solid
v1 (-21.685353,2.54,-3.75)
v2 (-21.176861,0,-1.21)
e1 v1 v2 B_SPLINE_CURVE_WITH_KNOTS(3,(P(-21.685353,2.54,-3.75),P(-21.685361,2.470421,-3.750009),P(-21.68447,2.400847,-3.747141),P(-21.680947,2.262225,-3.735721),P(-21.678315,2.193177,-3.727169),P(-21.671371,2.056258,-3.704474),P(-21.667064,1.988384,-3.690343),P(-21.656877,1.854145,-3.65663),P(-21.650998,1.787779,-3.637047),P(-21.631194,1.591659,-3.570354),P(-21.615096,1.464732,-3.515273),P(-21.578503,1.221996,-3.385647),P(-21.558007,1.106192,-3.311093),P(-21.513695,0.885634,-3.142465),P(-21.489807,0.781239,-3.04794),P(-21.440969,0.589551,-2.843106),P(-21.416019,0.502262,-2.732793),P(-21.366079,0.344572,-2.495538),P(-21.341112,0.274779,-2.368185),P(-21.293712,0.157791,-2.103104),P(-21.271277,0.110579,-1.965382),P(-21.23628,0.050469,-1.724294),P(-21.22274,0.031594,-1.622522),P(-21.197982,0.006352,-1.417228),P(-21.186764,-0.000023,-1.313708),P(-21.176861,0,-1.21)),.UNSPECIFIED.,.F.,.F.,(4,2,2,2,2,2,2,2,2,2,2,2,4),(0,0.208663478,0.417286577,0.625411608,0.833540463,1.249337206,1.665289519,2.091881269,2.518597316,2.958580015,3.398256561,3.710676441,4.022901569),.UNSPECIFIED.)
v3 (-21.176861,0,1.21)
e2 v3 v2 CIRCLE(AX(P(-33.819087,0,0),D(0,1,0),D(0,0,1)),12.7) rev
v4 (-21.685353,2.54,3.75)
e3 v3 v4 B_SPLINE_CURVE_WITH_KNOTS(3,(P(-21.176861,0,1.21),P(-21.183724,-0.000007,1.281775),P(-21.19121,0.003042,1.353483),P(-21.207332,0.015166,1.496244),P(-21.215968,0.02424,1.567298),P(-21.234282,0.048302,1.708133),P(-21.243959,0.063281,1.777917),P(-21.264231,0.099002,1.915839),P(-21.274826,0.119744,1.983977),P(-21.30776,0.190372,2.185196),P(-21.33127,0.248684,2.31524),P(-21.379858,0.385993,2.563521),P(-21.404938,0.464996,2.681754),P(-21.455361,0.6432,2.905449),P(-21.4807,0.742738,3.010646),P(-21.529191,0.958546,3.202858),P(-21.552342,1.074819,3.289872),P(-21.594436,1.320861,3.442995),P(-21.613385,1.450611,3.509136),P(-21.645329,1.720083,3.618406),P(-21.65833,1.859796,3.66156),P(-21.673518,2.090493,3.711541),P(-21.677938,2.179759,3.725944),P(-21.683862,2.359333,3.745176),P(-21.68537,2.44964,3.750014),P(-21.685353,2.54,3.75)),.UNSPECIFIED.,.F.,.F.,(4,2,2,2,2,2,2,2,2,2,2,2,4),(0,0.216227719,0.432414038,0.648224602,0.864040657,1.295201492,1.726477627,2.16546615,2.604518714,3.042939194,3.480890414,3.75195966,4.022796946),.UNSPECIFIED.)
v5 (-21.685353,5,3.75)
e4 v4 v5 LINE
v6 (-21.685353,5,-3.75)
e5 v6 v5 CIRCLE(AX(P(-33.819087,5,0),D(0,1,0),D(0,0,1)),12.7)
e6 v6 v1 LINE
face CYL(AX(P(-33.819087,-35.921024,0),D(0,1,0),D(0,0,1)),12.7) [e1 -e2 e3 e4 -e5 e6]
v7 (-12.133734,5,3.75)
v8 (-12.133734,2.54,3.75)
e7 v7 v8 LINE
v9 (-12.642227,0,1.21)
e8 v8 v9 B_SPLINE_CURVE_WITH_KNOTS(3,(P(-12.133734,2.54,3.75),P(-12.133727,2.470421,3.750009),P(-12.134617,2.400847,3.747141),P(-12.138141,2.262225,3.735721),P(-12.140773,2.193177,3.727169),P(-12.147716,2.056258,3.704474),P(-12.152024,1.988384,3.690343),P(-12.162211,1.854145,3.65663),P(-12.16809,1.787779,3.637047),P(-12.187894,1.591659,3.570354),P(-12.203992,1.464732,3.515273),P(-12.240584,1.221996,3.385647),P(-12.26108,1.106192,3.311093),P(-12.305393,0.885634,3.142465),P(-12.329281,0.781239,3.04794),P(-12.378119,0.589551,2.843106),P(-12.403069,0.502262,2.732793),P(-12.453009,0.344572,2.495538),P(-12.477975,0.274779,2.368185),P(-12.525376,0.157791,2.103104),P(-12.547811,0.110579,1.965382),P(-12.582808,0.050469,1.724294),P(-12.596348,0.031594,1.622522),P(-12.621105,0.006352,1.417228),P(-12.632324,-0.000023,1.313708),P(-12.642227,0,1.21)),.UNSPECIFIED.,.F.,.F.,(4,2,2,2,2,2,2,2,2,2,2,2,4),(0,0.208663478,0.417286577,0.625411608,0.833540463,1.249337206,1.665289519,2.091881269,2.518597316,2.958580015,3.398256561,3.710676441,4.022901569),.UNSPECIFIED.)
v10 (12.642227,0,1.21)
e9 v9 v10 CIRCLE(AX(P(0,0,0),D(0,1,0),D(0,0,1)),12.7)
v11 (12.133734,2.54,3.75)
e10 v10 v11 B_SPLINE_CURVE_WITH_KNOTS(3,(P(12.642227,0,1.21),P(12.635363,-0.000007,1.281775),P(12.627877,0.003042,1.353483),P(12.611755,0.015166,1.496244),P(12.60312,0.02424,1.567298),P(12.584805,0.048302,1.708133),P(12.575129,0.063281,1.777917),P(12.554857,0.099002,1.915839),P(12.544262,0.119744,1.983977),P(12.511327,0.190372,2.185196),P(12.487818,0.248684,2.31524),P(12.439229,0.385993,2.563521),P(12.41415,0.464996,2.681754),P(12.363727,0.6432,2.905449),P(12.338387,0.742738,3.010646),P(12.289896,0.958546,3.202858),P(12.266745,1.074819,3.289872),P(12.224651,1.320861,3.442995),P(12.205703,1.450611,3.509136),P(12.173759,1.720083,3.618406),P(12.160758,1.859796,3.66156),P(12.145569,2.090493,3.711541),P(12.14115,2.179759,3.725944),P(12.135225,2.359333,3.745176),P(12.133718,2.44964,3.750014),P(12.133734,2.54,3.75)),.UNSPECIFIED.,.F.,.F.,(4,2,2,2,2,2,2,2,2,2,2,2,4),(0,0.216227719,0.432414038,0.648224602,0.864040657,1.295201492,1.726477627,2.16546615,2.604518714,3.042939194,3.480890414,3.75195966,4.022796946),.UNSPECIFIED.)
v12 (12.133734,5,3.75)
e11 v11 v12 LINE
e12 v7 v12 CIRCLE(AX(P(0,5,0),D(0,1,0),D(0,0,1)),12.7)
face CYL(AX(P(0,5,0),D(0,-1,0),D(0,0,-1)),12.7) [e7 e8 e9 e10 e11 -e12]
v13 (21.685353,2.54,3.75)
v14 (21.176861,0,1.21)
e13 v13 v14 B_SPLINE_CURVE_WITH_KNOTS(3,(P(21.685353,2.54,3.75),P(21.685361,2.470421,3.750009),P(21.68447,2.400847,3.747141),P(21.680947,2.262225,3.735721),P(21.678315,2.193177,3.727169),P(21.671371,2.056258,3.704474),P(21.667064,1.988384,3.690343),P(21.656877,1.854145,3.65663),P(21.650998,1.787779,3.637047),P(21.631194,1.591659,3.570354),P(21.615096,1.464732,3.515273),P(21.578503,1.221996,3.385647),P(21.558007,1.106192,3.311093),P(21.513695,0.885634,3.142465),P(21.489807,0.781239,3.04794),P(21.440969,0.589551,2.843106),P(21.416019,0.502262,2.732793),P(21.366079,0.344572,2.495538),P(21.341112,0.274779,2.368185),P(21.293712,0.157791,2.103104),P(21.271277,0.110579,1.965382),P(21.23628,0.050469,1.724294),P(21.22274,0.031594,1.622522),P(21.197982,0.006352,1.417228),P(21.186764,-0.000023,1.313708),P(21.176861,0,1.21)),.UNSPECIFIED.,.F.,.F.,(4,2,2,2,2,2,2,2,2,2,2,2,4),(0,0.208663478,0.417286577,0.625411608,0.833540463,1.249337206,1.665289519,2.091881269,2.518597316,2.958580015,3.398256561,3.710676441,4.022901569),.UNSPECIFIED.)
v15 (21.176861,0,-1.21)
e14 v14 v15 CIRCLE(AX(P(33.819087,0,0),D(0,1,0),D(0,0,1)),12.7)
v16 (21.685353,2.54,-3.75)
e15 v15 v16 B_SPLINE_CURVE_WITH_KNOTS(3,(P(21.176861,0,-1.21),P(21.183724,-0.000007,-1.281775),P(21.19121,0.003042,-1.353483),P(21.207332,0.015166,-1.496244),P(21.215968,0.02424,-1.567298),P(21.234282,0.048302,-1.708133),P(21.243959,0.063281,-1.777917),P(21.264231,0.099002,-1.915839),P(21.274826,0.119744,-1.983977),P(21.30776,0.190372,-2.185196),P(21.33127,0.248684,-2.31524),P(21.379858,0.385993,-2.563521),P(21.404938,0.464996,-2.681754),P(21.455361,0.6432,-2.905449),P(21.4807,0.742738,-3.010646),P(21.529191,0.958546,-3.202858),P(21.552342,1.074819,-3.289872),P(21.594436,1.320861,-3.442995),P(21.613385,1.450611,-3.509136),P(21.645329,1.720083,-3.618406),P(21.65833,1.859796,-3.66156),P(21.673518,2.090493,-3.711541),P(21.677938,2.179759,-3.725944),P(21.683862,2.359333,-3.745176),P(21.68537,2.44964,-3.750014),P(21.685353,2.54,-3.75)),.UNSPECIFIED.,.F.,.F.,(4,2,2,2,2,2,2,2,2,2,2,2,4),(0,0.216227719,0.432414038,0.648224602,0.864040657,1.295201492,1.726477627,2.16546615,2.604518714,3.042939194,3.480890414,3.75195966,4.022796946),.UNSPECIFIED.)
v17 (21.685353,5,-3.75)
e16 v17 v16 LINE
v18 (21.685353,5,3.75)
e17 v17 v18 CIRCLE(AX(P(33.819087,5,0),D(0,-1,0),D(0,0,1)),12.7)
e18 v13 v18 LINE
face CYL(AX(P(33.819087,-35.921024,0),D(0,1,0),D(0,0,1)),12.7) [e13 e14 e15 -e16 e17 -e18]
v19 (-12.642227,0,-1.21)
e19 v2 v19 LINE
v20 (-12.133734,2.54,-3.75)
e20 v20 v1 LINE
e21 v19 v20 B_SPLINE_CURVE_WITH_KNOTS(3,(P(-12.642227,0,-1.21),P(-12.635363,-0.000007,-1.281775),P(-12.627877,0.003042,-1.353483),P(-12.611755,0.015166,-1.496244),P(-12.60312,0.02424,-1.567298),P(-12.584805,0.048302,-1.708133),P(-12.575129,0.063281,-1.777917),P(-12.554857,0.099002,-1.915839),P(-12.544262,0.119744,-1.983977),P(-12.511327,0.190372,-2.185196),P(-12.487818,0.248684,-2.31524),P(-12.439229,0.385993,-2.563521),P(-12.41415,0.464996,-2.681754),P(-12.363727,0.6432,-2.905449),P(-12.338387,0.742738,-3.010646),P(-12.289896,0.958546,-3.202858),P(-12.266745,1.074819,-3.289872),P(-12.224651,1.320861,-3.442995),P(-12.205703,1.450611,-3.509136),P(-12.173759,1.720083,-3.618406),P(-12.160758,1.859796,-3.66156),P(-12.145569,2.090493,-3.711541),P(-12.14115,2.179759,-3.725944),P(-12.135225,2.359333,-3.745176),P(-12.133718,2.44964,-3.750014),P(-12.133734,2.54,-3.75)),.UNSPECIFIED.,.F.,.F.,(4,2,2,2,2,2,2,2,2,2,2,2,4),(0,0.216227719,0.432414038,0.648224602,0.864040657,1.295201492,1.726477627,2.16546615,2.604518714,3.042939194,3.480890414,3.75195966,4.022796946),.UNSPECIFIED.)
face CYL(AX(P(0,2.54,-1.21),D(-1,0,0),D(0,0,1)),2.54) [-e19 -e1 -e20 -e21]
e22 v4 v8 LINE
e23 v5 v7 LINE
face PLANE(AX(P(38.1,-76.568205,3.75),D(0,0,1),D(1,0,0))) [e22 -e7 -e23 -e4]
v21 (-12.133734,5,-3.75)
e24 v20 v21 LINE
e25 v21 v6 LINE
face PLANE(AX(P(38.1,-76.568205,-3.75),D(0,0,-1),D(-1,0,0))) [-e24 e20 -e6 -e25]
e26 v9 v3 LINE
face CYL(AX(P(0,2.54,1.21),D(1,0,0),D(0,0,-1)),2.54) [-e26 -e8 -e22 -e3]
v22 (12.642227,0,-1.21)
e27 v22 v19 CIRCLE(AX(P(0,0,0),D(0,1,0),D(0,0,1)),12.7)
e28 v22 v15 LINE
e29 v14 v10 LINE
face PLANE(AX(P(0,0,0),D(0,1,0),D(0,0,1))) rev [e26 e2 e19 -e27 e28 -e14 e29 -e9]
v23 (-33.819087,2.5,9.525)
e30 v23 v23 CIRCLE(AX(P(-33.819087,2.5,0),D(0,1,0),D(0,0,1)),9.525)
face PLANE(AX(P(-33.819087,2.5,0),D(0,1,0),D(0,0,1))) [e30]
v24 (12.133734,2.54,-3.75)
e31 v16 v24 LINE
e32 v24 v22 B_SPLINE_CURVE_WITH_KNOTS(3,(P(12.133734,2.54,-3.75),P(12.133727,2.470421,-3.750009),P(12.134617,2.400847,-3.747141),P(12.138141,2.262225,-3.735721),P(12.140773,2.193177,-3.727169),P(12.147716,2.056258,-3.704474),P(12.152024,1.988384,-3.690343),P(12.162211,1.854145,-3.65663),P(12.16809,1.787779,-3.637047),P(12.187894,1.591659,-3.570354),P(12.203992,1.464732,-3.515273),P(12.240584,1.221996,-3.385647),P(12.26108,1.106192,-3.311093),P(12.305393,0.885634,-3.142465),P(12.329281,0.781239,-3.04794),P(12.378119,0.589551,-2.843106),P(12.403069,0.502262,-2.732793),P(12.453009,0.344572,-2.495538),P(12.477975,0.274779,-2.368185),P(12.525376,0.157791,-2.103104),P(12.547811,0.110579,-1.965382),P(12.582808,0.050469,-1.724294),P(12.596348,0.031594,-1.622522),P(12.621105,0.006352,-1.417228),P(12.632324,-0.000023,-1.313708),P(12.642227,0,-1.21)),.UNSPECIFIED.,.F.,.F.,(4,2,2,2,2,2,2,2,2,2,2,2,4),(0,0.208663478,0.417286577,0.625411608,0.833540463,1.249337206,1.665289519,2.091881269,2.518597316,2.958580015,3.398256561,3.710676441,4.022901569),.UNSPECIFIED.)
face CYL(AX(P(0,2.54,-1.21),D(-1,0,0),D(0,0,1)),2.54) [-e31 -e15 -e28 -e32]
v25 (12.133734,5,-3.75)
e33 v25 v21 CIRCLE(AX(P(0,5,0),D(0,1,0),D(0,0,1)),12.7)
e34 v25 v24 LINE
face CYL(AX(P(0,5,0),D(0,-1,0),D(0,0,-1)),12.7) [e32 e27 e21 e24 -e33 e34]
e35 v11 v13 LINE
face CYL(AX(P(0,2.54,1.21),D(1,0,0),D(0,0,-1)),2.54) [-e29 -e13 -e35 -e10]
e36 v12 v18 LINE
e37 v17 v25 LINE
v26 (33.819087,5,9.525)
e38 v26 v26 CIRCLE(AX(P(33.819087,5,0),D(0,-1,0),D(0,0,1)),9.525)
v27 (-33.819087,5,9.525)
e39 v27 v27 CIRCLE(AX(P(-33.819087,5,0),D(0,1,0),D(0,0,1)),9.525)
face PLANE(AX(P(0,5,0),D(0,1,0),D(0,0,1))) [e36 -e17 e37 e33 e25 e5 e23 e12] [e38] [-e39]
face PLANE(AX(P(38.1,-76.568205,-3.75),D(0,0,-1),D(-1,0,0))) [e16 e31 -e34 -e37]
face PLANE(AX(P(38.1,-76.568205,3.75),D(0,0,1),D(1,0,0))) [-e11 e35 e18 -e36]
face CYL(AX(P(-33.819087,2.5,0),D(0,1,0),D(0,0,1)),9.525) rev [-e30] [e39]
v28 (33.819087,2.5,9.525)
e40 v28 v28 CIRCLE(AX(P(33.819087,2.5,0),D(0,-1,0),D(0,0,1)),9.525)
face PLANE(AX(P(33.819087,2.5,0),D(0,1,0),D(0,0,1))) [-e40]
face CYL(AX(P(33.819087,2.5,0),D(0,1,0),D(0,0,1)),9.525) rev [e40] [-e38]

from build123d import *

# Parameters (mm, degrees)
SKETCH1_R           = 12.7
BOSS_EXTRUDE1_DEPTH = 5
SKETCH2_W           = 76.2
SKETCH2_H           = 7.5
BOSS_EXTRUDE2_DEPTH = 5
SKETCH3_R           = 12.7
BOSS_EXTRUDE3_DEPTH = 5
SKETCH4_R           = 9.525
CUT_EXTRUDE1_DEPTH  = 2.5
FILLET1_R           = 2.54


with BuildPart() as part:
    # Sketch1 → Boss-Extrude1 (new body)
    with BuildSketch(Plane(origin=(0, 0, 0), x_dir=(1, 0, 0), z_dir=(0, 1, 0))):
        with Locations(Location((0, 0, 0), (0, 0, 270))):
            Circle(SKETCH1_R)
    extrude(amount=BOSS_EXTRUDE1_DEPTH)

    # Sketch2 → Boss-Extrude2 (add)
    with BuildSketch(Plane(origin=(0, 5, 0), x_dir=(1, 0, 0), z_dir=(0, 1, 0))):
        Rectangle(SKETCH2_W, SKETCH2_H)
    extrude(amount=-BOSS_EXTRUDE2_DEPTH)

    # Sketch3 → Boss-Extrude3 (add)
    with BuildSketch(Plane(origin=(0, 5, 0), x_dir=(1, 0, 0), z_dir=(0, 1, 0))):
        with Locations((-33.819087464, 0)):
            Circle(SKETCH3_R)
    boss_extrude3 = extrude(amount=-BOSS_EXTRUDE3_DEPTH)

    # Sketch4 → Cut-Extrude1 (cut)
    with BuildSketch(Plane(origin=(0, 5, 0), x_dir=(1, 0, 0), z_dir=(0, 1, 0))):
        with Locations(Location((-33.819087464, 0, 0), (0, 0, 270))):
            Circle(SKETCH4_R)
    cut_extrude1 = extrude(amount=-CUT_EXTRUDE1_DEPTH, mode=Mode.SUBTRACT)

    # Mirror1: Boss-Extrude3, Cut-Extrude1 across plane
    add(boss_extrude3.mirror(Plane(origin=(0, 0, 0), x_dir=(0, 0, 1), z_dir=(1, 0, 0))))
    add(cut_extrude1.mirror(Plane(origin=(0, 0, 0), x_dir=(0, 0, 1), z_dir=(1, 0, 0))), mode=Mode.SUBTRACT)

    # Fillet1
    fillet1_edges = [part.edges().sort_by_distance(p)[0] for p in [
        (16.909543732, 0, -3.75),
        (-16.909543732, 0, 3.75),
        (-16.909543732, 0, -3.75),
        (16.909543732, 0, 3.75),
    ]]
    fillet(fillet1_edges, radius=FILLET1_R)


solid = part.part
